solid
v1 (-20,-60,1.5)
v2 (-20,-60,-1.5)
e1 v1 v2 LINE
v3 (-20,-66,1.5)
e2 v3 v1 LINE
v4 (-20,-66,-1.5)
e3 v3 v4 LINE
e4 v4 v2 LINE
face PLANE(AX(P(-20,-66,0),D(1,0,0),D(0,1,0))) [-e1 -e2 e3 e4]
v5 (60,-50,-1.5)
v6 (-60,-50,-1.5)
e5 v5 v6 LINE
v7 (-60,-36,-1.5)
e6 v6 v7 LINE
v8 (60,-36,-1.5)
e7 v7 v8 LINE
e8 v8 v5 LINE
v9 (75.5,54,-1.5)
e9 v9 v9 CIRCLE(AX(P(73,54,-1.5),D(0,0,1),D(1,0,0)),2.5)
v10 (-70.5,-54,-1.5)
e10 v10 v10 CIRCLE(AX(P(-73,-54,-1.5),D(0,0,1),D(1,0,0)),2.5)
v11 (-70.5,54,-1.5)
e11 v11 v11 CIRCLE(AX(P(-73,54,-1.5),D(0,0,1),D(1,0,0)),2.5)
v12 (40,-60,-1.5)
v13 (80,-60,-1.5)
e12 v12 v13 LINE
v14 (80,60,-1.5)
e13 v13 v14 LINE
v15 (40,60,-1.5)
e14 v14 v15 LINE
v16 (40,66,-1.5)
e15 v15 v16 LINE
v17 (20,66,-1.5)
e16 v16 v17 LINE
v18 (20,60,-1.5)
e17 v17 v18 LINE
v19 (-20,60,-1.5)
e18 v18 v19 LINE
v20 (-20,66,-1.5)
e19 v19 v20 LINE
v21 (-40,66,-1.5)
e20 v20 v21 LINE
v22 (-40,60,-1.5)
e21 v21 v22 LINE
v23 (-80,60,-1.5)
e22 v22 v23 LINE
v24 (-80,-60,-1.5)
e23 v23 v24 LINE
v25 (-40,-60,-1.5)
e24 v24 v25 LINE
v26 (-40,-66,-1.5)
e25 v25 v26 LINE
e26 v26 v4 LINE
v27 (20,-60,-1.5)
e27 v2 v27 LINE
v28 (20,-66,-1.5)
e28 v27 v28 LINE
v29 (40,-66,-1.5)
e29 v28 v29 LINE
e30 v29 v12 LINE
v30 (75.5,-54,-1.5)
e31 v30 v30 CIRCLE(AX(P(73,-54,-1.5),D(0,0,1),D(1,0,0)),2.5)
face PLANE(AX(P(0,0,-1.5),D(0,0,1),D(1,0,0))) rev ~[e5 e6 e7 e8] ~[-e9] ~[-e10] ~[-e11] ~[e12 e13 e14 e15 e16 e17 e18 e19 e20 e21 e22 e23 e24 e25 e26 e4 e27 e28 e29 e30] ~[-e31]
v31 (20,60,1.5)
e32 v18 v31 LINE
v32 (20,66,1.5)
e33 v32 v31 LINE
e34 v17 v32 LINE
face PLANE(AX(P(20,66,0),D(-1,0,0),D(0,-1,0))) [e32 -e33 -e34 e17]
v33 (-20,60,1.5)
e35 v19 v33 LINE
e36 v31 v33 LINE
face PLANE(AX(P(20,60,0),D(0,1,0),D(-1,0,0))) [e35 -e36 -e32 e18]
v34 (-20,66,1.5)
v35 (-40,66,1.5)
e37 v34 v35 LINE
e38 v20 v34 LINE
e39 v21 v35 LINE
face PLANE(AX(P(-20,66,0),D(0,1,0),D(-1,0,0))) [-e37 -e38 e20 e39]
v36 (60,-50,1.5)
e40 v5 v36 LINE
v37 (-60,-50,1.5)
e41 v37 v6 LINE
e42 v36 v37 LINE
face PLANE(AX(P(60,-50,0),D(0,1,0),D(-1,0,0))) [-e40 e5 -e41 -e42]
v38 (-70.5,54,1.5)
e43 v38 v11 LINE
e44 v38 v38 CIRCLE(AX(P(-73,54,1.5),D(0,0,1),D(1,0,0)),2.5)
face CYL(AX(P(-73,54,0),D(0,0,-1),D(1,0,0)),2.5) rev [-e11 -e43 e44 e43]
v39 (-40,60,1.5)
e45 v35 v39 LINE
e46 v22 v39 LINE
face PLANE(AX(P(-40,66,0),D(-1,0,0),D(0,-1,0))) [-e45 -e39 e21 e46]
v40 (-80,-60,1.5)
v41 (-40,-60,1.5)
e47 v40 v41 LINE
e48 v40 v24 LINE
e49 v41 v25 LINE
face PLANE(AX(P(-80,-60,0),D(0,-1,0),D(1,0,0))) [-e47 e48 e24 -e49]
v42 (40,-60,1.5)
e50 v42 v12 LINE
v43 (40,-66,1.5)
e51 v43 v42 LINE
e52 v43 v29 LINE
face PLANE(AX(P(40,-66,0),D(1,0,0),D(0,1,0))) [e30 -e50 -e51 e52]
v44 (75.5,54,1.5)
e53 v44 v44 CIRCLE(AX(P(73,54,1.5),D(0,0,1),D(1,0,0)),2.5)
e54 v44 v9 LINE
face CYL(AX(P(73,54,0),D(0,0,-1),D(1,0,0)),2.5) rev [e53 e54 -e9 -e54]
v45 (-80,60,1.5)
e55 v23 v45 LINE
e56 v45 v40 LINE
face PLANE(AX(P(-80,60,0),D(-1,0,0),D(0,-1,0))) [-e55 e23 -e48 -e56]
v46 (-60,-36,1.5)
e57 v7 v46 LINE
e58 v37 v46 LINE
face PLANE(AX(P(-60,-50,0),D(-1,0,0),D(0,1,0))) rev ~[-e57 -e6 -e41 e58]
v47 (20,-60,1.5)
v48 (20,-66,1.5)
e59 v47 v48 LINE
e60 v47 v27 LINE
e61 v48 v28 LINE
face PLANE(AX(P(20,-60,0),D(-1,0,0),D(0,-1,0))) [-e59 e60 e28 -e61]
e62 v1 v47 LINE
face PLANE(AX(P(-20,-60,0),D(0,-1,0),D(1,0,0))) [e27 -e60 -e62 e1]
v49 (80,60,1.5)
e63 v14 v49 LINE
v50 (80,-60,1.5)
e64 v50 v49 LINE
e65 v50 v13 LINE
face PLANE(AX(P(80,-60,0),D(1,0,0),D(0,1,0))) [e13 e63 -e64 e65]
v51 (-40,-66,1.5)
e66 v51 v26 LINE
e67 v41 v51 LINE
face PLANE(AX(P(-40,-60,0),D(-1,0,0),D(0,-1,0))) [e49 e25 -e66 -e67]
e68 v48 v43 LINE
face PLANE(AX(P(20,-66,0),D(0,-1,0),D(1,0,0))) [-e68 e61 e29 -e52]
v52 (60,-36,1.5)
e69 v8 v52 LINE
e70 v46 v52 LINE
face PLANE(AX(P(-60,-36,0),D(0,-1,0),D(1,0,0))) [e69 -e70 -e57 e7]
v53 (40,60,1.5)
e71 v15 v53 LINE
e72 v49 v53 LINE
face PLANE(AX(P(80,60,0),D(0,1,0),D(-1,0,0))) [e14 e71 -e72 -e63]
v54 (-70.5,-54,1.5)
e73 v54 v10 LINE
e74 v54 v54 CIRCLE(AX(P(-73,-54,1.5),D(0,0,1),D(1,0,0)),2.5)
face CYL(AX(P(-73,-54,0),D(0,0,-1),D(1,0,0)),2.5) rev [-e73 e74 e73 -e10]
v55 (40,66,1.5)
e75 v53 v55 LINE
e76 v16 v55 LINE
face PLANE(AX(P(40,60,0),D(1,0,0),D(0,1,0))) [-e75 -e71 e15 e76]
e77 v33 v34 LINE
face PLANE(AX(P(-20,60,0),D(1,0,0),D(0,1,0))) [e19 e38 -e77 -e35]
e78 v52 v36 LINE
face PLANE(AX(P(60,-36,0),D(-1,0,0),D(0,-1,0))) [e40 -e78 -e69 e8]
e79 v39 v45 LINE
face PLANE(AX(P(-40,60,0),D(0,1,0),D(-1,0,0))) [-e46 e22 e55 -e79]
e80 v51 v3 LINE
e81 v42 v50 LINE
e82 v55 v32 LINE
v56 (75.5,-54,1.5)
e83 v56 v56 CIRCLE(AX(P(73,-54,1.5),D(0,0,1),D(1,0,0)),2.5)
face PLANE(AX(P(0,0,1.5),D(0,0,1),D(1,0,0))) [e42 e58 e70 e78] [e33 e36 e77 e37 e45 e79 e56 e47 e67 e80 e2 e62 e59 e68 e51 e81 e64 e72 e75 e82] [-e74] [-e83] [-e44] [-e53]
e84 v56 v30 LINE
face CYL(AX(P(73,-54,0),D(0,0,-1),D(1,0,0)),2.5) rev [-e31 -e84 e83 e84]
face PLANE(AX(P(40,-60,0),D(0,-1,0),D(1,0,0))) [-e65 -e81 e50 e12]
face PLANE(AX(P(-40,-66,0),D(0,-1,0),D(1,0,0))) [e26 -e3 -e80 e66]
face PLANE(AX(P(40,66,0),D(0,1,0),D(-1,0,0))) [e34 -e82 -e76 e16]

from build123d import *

# Parameters (mm, degrees)
F0_R     = 2.5
F1_DEPTH = 1.5


with BuildPart() as f1:
    # F0 (on Top) → F1 (new body, symmetric)
    with BuildSketch(Plane.XY):
        Polygon((80, -60), (80, 60), (40, 60), (40, 66), (20, 66), (20, 60), (-20, 60), (-20, 66), (-40, 66), (-40, 60), (-80, 60), (-80, -60), (-40, -60), (-40, -66), (-20, -66), (-20, -60), (20, -60), (20, -66), (40, -66), (40, -60), align=None)
        with Locations((-73, -54)):
            Circle(F0_R, mode=Mode.SUBTRACT)
        Polygon((60, -50), (0, -50), (-60, -50), (-60, -36), (60, -36), align=None, mode=Mode.SUBTRACT)
        with Locations((73, -54)):
            Circle(F0_R, mode=Mode.SUBTRACT)
        with Locations((-73, 54)):
            Circle(F0_R, mode=Mode.SUBTRACT)
        with Locations((73, 54)):
            Circle(F0_R, mode=Mode.SUBTRACT)
    extrude(amount=F1_DEPTH, both=True)


solid = f1.part
